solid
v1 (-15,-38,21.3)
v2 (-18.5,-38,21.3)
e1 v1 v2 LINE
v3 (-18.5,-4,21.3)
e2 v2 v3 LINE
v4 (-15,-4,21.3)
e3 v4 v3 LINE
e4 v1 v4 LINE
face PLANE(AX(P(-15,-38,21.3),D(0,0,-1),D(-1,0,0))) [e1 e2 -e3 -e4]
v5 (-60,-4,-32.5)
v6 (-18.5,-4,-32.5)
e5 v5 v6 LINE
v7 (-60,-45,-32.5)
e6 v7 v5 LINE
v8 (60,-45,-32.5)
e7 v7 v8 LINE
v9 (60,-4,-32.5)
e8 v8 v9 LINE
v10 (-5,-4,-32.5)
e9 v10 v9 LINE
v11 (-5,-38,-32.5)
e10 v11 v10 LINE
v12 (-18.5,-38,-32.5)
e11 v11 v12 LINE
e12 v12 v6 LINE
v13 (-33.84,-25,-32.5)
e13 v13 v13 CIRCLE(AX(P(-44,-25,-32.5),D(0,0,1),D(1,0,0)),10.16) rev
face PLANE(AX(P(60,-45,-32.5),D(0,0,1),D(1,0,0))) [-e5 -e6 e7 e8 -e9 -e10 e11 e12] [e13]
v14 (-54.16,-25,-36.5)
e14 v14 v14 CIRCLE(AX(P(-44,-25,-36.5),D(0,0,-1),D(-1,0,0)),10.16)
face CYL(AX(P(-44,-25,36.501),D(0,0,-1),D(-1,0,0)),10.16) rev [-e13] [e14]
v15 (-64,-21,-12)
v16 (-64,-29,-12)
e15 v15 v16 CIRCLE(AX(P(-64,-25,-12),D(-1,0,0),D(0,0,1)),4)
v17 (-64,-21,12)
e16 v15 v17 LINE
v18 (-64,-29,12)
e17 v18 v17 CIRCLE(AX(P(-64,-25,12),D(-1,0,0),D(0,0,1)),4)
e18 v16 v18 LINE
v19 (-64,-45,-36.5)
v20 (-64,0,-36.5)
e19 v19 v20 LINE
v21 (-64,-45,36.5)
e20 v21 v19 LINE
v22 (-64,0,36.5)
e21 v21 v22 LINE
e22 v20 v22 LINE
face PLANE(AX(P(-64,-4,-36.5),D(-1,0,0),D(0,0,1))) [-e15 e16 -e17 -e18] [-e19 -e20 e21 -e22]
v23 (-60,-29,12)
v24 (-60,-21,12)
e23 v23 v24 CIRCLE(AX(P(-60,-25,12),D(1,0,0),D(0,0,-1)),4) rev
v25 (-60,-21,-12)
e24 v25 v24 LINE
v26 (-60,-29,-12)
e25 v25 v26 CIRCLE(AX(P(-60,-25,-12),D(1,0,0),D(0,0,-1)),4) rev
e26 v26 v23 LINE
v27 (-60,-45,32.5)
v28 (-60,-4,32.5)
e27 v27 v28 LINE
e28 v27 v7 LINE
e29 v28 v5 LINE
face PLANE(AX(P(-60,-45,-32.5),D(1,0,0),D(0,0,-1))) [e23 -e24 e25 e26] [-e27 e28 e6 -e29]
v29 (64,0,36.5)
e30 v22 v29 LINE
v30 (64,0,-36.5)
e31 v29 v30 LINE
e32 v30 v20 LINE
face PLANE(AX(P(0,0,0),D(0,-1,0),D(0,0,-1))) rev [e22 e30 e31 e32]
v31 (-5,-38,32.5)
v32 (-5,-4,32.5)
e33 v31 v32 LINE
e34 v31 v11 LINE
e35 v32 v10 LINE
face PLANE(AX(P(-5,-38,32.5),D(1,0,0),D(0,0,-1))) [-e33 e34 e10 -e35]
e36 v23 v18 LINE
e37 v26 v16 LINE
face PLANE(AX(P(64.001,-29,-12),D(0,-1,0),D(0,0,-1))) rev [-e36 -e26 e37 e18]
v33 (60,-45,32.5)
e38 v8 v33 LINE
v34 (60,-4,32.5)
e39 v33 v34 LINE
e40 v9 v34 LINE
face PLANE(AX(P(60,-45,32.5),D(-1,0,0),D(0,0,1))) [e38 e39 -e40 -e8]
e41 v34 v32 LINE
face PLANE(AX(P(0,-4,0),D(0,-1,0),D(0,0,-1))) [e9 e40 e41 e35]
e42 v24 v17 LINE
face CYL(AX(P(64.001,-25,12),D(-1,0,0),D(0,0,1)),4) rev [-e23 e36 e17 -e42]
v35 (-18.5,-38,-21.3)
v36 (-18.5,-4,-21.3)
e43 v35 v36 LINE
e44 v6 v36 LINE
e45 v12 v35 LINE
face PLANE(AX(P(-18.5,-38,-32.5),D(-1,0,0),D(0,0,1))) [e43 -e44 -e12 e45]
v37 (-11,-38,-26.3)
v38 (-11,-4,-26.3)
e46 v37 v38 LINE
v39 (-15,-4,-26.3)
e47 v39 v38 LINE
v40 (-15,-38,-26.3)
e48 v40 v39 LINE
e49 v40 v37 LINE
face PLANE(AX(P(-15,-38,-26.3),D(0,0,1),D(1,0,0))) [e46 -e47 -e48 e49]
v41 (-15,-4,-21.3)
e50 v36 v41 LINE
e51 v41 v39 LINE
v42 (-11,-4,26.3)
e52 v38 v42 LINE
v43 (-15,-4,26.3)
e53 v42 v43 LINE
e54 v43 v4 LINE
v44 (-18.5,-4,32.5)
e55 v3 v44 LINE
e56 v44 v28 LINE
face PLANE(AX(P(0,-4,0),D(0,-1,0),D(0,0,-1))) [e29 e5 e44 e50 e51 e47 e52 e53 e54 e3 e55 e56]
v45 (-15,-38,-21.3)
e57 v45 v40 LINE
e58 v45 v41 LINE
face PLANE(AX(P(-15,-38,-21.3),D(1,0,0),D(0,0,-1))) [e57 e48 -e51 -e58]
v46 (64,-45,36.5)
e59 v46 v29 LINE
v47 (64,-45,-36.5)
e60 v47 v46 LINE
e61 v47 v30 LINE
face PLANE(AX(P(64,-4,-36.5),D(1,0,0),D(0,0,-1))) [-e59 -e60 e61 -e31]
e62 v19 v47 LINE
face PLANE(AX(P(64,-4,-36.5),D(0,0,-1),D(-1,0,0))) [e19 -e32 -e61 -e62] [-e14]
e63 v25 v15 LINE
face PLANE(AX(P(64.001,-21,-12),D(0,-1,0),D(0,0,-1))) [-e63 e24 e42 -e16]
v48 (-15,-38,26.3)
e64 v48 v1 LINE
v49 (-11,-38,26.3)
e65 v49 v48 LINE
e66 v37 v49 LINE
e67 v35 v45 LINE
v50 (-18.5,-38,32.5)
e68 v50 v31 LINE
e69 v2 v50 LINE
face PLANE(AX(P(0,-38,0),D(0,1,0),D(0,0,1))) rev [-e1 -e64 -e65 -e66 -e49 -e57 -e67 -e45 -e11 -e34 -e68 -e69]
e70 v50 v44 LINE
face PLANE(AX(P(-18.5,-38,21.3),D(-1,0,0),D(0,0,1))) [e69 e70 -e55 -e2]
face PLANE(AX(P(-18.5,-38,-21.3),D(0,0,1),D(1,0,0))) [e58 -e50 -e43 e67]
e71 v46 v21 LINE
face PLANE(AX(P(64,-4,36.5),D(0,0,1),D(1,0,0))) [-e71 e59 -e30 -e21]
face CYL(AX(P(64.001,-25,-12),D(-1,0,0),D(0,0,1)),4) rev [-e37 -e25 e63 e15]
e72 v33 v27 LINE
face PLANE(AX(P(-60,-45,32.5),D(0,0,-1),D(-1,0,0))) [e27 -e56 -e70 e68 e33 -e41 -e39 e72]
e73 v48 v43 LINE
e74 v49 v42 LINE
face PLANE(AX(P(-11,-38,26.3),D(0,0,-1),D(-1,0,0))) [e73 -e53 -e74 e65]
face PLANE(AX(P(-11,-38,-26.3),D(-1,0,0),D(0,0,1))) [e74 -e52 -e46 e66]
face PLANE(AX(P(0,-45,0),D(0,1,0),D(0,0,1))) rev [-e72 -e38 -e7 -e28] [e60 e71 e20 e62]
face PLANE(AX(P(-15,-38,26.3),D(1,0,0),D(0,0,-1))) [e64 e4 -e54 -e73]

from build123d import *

# Parameters (mm, degrees)
SKETCH6_W           = 128
SKETCH6_H           = 73
BOSS_EXTRUDE1_DEPTH = 4
SKETCH7_W           = 128
SKETCH7_H           = 73
SKETCH7_W_2         = 120
SKETCH7_H_2         = 65
BOSS_EXTRUDE2_DEPTH = 41
BOSS_EXTRUDE4_DEPTH = 34
CUT_EXTRUDE1_REACH  = 75
SKETCH10_R          = 10.16
CUT_EXTRUDE2_REACH  = 130


with BuildPart() as part:
    # Sketch6 → Boss-Extrude1 (new body)
    with BuildSketch(Plane(origin=(0, 0, 0), x_dir=(1, 0, 0), z_dir=(0, 1, 0))):
        Rectangle(SKETCH6_W, SKETCH6_H)
    extrude(amount=-BOSS_EXTRUDE1_DEPTH)

    # Sketch7 → Boss-Extrude2 (add)
    with BuildSketch(Plane.XZ.offset(4)):
        Rectangle(SKETCH7_W, SKETCH7_H)
        Rectangle(SKETCH7_W_2, SKETCH7_H_2, mode=Mode.SUBTRACT)
    extrude(amount=BOSS_EXTRUDE2_DEPTH)

    # Sketch9 → Boss-Extrude4 (add)
    with BuildSketch(Plane.XZ.offset(4)):
        Polygon((-5, 32.5), (-5, -32.5), (-18.5, -32.5), (-18.5, -21.3), (-15, -21.3), (-15, -26.3), (-11, -26.3), (-11, 26.3), (-15, 26.3), (-15, 21.3), (-18.5, 21.3), (-18.5, 32.5), align=None)
    extrude(amount=BOSS_EXTRUDE4_DEPTH)

    # Sketch10 → Cut-Extrude1 (cut, up to next)
    with BuildSketch(Plane(origin=(0, 0, -36.5), x_dir=(-1, 0, 0), z_dir=(0, 0, -1)), mode=Mode.PRIVATE) as cut_extrude1_sk1:
        with Locations((44, -25)):
            Circle(SKETCH10_R)
    cut_extrude1_tool1 = extrude(cut_extrude1_sk1.sketch, amount=-CUT_EXTRUDE1_REACH, mode=Mode.PRIVATE) & part.part
    add(cut_extrude1_tool1.solids().sort_by_distance((-44, -25, -36.5))[0], mode=Mode.SUBTRACT)

    # Sketch13 → Cut-Extrude2 (cut, up to next)
    with BuildSketch(Plane.ZY.offset(64), mode=Mode.PRIVATE) as cut_extrude2_sk1:
        with BuildLine():
            Line((-12, -21), (12, -21))
            ThreePointArc((12, -21), (16, -25), (12, -29))
            Line((12, -29), (-12, -29))
            ThreePointArc((-12, -29), (-16, -25), (-12, -21))
        make_face()
    cut_extrude2_tool1 = extrude(cut_extrude2_sk1.sketch, amount=-CUT_EXTRUDE2_REACH, mode=Mode.PRIVATE) & part.part
    add(cut_extrude2_tool1.solids().sort_by_distance((-64, -25, 0))[0], mode=Mode.SUBTRACT)


solid = part.part
